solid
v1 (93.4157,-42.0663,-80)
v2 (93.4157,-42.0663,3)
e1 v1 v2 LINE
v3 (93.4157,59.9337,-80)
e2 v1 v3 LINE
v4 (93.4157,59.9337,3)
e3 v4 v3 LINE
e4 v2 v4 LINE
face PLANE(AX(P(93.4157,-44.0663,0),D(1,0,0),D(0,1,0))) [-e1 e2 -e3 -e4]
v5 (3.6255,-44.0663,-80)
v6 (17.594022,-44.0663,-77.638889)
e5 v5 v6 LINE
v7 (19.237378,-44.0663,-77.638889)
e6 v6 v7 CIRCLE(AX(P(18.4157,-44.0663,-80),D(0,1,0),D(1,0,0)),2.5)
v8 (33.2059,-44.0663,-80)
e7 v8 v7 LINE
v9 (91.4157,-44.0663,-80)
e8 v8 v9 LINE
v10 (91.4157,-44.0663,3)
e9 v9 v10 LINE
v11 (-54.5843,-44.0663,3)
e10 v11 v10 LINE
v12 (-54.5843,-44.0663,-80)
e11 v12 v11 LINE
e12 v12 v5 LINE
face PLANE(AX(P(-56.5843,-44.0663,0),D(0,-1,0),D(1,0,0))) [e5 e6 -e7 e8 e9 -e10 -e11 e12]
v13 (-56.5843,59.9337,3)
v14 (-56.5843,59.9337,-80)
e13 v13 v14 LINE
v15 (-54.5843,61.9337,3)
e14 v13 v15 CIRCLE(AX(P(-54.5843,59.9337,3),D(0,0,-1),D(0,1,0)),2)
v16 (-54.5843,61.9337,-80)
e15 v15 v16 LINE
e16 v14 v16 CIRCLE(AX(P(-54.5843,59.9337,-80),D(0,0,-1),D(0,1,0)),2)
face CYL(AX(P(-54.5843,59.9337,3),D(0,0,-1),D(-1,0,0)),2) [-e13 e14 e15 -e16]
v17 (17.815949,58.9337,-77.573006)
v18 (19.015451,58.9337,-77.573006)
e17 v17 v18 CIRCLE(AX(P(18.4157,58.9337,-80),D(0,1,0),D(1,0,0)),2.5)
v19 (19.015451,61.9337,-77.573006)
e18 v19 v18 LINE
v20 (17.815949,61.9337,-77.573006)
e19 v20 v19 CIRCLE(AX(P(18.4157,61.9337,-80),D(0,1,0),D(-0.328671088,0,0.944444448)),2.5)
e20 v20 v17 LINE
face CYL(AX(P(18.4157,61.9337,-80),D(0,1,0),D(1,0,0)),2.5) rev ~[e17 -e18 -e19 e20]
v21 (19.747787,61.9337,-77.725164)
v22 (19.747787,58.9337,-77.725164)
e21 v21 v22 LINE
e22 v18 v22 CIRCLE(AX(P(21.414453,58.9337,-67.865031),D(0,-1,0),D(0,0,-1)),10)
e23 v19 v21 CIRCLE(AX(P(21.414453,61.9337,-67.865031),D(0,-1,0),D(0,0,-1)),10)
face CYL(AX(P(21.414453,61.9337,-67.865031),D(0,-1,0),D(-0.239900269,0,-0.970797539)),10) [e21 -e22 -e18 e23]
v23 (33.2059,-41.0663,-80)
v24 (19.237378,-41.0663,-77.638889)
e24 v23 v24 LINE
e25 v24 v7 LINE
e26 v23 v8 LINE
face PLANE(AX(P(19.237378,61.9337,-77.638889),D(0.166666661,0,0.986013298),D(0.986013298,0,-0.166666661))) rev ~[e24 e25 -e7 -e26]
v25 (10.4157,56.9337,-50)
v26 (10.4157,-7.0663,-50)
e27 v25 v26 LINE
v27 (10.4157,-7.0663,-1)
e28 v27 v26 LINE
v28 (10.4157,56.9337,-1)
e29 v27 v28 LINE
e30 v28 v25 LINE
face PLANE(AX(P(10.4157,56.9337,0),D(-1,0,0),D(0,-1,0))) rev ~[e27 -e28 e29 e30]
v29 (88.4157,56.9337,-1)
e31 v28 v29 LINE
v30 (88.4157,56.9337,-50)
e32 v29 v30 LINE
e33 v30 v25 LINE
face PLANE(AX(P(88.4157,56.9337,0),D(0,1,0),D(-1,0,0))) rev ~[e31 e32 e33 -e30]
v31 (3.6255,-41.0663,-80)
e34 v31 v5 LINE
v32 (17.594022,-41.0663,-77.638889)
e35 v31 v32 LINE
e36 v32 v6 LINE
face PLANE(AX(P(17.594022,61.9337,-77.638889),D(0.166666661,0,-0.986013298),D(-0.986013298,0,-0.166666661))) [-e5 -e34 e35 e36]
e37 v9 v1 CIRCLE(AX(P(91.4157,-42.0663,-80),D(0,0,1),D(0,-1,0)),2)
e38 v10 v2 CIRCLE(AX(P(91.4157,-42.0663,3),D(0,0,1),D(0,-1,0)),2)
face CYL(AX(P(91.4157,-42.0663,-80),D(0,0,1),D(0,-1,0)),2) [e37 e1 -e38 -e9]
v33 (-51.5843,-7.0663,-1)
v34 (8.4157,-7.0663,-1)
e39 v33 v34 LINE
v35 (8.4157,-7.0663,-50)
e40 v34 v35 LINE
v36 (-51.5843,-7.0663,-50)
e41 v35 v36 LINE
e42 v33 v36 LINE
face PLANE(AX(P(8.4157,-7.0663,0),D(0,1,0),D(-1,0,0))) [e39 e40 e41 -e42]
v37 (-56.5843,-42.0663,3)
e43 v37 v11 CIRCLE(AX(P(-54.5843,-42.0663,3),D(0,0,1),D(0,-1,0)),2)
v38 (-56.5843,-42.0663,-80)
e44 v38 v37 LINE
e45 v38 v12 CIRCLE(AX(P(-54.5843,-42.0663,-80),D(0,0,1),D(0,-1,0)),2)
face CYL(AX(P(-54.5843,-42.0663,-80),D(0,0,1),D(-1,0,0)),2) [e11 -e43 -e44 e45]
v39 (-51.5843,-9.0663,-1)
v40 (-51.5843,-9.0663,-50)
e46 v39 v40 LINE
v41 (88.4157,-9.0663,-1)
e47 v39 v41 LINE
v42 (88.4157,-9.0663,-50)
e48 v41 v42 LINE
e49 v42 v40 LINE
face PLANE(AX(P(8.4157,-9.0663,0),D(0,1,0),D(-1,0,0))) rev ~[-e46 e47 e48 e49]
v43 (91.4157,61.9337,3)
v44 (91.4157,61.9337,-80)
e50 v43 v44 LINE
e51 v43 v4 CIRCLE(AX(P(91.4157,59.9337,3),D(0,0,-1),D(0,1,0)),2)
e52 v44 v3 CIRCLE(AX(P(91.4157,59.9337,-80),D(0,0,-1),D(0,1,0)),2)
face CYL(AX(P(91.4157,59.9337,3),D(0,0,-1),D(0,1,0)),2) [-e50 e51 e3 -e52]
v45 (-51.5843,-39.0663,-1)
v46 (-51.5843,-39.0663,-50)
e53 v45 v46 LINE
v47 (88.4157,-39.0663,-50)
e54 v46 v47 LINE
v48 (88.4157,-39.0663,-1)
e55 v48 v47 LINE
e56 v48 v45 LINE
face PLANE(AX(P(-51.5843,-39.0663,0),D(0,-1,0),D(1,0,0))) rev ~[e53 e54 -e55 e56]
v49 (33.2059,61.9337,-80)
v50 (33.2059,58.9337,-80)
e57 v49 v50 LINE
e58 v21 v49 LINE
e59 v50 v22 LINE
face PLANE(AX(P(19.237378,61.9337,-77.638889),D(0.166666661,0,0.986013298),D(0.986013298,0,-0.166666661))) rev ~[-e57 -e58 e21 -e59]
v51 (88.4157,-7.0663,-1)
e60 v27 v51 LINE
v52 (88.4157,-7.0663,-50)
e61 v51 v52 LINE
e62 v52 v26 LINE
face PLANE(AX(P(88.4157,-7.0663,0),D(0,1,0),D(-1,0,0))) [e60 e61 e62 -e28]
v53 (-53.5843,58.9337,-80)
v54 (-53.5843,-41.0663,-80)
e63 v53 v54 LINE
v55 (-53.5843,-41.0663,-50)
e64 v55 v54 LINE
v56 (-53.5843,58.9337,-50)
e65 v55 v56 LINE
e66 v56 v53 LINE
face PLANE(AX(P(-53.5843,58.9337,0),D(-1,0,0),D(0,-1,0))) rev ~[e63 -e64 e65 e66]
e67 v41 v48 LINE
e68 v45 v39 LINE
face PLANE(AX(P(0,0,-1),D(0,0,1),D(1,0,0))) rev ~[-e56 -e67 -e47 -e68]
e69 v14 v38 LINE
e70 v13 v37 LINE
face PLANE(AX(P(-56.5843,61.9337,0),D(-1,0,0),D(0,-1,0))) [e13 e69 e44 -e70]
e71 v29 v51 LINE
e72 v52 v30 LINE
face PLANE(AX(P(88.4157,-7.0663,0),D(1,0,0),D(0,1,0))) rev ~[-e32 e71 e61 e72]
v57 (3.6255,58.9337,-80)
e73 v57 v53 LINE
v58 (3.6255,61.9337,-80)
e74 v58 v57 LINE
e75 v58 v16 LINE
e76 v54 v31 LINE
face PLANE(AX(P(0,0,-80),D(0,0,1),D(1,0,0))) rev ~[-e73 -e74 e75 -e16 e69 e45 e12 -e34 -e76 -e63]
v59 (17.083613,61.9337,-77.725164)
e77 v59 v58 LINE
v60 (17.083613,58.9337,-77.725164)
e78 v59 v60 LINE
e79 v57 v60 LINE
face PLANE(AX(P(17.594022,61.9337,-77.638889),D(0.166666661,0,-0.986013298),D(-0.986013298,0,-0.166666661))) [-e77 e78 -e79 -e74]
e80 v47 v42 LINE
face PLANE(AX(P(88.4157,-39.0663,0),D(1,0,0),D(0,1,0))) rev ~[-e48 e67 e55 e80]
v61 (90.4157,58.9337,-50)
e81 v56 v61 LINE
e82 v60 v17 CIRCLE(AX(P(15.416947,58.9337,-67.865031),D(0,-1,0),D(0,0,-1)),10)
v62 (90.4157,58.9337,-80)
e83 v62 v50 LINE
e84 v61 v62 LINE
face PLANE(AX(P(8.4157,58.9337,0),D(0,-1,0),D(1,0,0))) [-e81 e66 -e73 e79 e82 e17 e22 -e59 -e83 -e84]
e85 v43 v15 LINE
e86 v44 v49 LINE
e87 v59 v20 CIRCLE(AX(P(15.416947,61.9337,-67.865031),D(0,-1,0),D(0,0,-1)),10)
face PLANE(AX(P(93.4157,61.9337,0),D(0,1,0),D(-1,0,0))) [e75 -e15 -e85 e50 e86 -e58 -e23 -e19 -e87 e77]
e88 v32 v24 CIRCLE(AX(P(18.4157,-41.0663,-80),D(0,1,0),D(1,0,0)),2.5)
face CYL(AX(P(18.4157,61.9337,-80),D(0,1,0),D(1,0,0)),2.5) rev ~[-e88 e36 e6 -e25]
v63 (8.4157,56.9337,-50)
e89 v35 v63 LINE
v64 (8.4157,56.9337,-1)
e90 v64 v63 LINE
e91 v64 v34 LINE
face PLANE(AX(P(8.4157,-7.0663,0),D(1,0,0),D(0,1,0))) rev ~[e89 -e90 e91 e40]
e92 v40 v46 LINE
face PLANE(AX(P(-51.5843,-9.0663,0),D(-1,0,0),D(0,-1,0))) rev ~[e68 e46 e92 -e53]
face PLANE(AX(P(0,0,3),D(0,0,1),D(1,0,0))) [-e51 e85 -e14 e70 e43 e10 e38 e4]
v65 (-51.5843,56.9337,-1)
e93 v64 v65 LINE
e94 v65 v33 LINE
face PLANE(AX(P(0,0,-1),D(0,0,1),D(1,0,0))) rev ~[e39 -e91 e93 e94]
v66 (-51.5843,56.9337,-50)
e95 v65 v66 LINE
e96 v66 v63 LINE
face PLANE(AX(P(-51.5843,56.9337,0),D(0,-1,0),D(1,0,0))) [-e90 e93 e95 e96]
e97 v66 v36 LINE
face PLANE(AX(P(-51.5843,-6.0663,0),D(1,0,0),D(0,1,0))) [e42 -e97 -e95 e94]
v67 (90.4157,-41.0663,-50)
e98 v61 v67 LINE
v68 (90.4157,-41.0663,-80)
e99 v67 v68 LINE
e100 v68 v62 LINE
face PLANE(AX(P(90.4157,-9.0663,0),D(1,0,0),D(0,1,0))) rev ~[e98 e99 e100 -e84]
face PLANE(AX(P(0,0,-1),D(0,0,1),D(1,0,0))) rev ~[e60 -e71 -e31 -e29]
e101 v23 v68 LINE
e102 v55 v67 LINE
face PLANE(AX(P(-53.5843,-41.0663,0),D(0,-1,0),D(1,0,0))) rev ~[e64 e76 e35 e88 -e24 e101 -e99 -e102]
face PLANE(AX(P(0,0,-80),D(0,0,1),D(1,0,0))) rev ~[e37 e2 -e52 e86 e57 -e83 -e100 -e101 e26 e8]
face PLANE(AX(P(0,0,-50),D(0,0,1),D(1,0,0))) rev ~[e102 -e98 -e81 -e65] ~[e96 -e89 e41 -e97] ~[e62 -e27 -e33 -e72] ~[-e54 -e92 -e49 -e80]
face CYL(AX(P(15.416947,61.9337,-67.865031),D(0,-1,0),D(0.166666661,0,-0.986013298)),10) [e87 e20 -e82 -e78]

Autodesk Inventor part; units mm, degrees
ref_plane "YZ Plane" through (0, 0, 0) normal (1, 0, 0) x (0, 1, 0)
ref_plane "XZ Plane" through (0, 0, 0) normal (0, 1, 0) x (-1, 0, 0)
ref_plane "XY Plane" through (0, 0, 0) normal (0, 0, 1) x (1, 0, 0)
sketch "Sketch1" plane through (0, 0, 0) normal (0, 0, 1) x (1, 0, 0)
  line L0 (-51.5843, -39.0663) -> (88.4157, -39.0663)
  line L1 (88.4157, -39.0663) -> (88.4157, -9.0663)
  line L2 (88.4157, -9.0663) -> (-51.5843, -9.0663)
  line L3 (-51.5843, -9.0663) -> (-51.5843, -39.0663)
  line L4 (-53.5843, -41.0663) -> (90.4157, -41.0663)
  line L5 (90.4157, -41.0663) -> (90.4157, -7.0663)
  line L6 (90.4157, -7.0663) -> (-53.5843, -7.0663)
  line L7 (-53.5843, -7.0663) -> (-53.5843, -41.0663)
  line L8 (10.4157, -7.0663) -> (88.4157, -7.0663)
  line L9 (88.4157, -7.0663) -> (88.4157, 56.9337)
  line L10 (88.4157, 56.9337) -> (10.4157, 56.9337)
  line L11 (10.4157, 56.9337) -> (10.4157, -7.0663)
  line L12 (90.4157, 58.9337) -> (90.4157, -9.0663)
  line L13 (90.4157, -9.0663) -> (8.4157, -9.0663)
  line L14 (8.4157, -9.0663) -> (8.4157, 58.9337)
  line L15 (8.4157, 58.9337) -> (90.4157, 58.9337)
  line L16 (-53.5843, -7.0663) -> (8.4157, -7.0663)
  line L17 (8.4157, -7.0663) -> (8.4157, 58.9337)
  line L18 (8.4157, 58.9337) -> (-53.5843, 58.9337)
  line L19 (-53.5843, 58.9337) -> (-53.5843, -7.0663)
  line L20 (-51.5843, -6.0663) -> (-51.5843, 56.9337)
  line L21 (-51.5843, 56.9337) -> (9.4157, 56.9337)
  line L22 (-56.5843, -44.0663) -> (93.4157, -44.0663)
  line L23 (93.4157, -44.0663) -> (93.4157, 61.9337)
  line L24 (93.4157, 61.9337) -> (-56.5843, 61.9337)
  line L25 (-56.5843, 61.9337) -> (-56.5843, -44.0663)
  line L26 (-51.5843, -6.0663) -> (-51.5843, -9.0663)
  point P0 (0, 0)
  point P1 (90.4157, -7.0663)
  point P2 (88.4157, -7.0663)
  point P3 (10.4157, -7.0663)
  point P4 (8.4157, -7.0663)
  point P5 (-47.5843, -6.0663)
  point P6 (8.4157, 56.9337)
  point P7 (90.4157, -7.0663)
  point P8 (-51.5843, -7.0663)
  dimension "d0" = 140
  dimension "d1" = 30
  dimension "d2" = 2
  dimension "d3" = 78
  dimension "d4" = 64
  dimension "d5" = 2
  dimension "d7" = 0
  dimension "d8" = 0
  dimension "d9" = 2
  dimension "d10" = 3
  dimension "d11" = 3
  dimension "d12" = 3
  dimension "d13" = 3
extrude "Extrusion1" add sketch "Sketch1" along normal blind 3 contours L3 L2 L1 L0 | L0 L1 L13 L5 L4 L7 L6 L26 L3 | L26 L6 L14 L2 | L2 L14 L6 L5 L13 | L26 L20 L21 L14 L6 | L6 L19 L18 L14 L21 L20 L26 | L14 L15 L12 L6 L9 L10 L11 | L11 L10 L9 L6 | L25 L24 L23 L22
extrude "Extrusion2" add sketch "Sketch1" against normal blind 80
extrude "Extrusion3" add sketch "Sketch1" against normal blind 50 contours L0 L1 L13 L5 L4 L7 L6 L26 L3 | L26 L6 L14 L2 | L2 L14 L6 L5 L13 | L6 L19 L18 L14 L21 L20 L26 | L14 L15 L12 L6 L9 L10 L11
extrude "Extrusion4" add sketch "Sketch1" against normal blind 1 contours L3 L2 L1 L0 | L0 L1 L13 L5 L4 L7 L6 L26 L3 | L26 L6 L14 L2 | L2 L14 L6 L5 L13 | L26 L20 L21 L14 L6 | L6 L19 L18 L14 L21 L20 L26 | L14 L15 L12 L6 L9 L10 L11 | L11 L10 L9 L6
fillet "Fillet1" radius 2 4 edges at (93.4157, -44.0663, -38.5) (-56.5843, -44.0663, -38.5) (-56.5843, 61.9337, -38.5) (93.4157, 61.9337, -38.5)
sketch "Sketch3" plane through (-54.5843, 61.9337, -80) normal (0, 1, 0) x (1, 0, 0)
  line L0 (-2, 0) -> (0, 0) projected
  line L1 (-2, 0) -> (73, 0)
  line L2 (145, 0) -> (1, 0) projected
  circle A0 centre (73, 0) radius 2.5
  line L3 (73, 0) -> (73, -2.5)
  line L4 (73, -2.5) -> (87.7902, 0)
  line L5 (73, -2.5) -> (58.2098, 0)
  point P0 (54.5843, -80)
  point P1 (72.1783, -2.3611)
  point P2 (73.8217, -2.3611)
  point P3 (75.5, 0)
  point P4 (70.5, 0)
  dimension "d26" = 5
  dimension "d25" = 75
  dimension "d27" = 15
  dimension "d28" = 15
extrude "Extrusion6" cut sketch "Sketch3" against normal through all
fillet "Fillet2" radius 10 2 edges at (17.5941, 60.4337, -77.6389) (19.2374, 60.4337, -77.6389)
properties part number "box_kit" material "LCP Plastic"
